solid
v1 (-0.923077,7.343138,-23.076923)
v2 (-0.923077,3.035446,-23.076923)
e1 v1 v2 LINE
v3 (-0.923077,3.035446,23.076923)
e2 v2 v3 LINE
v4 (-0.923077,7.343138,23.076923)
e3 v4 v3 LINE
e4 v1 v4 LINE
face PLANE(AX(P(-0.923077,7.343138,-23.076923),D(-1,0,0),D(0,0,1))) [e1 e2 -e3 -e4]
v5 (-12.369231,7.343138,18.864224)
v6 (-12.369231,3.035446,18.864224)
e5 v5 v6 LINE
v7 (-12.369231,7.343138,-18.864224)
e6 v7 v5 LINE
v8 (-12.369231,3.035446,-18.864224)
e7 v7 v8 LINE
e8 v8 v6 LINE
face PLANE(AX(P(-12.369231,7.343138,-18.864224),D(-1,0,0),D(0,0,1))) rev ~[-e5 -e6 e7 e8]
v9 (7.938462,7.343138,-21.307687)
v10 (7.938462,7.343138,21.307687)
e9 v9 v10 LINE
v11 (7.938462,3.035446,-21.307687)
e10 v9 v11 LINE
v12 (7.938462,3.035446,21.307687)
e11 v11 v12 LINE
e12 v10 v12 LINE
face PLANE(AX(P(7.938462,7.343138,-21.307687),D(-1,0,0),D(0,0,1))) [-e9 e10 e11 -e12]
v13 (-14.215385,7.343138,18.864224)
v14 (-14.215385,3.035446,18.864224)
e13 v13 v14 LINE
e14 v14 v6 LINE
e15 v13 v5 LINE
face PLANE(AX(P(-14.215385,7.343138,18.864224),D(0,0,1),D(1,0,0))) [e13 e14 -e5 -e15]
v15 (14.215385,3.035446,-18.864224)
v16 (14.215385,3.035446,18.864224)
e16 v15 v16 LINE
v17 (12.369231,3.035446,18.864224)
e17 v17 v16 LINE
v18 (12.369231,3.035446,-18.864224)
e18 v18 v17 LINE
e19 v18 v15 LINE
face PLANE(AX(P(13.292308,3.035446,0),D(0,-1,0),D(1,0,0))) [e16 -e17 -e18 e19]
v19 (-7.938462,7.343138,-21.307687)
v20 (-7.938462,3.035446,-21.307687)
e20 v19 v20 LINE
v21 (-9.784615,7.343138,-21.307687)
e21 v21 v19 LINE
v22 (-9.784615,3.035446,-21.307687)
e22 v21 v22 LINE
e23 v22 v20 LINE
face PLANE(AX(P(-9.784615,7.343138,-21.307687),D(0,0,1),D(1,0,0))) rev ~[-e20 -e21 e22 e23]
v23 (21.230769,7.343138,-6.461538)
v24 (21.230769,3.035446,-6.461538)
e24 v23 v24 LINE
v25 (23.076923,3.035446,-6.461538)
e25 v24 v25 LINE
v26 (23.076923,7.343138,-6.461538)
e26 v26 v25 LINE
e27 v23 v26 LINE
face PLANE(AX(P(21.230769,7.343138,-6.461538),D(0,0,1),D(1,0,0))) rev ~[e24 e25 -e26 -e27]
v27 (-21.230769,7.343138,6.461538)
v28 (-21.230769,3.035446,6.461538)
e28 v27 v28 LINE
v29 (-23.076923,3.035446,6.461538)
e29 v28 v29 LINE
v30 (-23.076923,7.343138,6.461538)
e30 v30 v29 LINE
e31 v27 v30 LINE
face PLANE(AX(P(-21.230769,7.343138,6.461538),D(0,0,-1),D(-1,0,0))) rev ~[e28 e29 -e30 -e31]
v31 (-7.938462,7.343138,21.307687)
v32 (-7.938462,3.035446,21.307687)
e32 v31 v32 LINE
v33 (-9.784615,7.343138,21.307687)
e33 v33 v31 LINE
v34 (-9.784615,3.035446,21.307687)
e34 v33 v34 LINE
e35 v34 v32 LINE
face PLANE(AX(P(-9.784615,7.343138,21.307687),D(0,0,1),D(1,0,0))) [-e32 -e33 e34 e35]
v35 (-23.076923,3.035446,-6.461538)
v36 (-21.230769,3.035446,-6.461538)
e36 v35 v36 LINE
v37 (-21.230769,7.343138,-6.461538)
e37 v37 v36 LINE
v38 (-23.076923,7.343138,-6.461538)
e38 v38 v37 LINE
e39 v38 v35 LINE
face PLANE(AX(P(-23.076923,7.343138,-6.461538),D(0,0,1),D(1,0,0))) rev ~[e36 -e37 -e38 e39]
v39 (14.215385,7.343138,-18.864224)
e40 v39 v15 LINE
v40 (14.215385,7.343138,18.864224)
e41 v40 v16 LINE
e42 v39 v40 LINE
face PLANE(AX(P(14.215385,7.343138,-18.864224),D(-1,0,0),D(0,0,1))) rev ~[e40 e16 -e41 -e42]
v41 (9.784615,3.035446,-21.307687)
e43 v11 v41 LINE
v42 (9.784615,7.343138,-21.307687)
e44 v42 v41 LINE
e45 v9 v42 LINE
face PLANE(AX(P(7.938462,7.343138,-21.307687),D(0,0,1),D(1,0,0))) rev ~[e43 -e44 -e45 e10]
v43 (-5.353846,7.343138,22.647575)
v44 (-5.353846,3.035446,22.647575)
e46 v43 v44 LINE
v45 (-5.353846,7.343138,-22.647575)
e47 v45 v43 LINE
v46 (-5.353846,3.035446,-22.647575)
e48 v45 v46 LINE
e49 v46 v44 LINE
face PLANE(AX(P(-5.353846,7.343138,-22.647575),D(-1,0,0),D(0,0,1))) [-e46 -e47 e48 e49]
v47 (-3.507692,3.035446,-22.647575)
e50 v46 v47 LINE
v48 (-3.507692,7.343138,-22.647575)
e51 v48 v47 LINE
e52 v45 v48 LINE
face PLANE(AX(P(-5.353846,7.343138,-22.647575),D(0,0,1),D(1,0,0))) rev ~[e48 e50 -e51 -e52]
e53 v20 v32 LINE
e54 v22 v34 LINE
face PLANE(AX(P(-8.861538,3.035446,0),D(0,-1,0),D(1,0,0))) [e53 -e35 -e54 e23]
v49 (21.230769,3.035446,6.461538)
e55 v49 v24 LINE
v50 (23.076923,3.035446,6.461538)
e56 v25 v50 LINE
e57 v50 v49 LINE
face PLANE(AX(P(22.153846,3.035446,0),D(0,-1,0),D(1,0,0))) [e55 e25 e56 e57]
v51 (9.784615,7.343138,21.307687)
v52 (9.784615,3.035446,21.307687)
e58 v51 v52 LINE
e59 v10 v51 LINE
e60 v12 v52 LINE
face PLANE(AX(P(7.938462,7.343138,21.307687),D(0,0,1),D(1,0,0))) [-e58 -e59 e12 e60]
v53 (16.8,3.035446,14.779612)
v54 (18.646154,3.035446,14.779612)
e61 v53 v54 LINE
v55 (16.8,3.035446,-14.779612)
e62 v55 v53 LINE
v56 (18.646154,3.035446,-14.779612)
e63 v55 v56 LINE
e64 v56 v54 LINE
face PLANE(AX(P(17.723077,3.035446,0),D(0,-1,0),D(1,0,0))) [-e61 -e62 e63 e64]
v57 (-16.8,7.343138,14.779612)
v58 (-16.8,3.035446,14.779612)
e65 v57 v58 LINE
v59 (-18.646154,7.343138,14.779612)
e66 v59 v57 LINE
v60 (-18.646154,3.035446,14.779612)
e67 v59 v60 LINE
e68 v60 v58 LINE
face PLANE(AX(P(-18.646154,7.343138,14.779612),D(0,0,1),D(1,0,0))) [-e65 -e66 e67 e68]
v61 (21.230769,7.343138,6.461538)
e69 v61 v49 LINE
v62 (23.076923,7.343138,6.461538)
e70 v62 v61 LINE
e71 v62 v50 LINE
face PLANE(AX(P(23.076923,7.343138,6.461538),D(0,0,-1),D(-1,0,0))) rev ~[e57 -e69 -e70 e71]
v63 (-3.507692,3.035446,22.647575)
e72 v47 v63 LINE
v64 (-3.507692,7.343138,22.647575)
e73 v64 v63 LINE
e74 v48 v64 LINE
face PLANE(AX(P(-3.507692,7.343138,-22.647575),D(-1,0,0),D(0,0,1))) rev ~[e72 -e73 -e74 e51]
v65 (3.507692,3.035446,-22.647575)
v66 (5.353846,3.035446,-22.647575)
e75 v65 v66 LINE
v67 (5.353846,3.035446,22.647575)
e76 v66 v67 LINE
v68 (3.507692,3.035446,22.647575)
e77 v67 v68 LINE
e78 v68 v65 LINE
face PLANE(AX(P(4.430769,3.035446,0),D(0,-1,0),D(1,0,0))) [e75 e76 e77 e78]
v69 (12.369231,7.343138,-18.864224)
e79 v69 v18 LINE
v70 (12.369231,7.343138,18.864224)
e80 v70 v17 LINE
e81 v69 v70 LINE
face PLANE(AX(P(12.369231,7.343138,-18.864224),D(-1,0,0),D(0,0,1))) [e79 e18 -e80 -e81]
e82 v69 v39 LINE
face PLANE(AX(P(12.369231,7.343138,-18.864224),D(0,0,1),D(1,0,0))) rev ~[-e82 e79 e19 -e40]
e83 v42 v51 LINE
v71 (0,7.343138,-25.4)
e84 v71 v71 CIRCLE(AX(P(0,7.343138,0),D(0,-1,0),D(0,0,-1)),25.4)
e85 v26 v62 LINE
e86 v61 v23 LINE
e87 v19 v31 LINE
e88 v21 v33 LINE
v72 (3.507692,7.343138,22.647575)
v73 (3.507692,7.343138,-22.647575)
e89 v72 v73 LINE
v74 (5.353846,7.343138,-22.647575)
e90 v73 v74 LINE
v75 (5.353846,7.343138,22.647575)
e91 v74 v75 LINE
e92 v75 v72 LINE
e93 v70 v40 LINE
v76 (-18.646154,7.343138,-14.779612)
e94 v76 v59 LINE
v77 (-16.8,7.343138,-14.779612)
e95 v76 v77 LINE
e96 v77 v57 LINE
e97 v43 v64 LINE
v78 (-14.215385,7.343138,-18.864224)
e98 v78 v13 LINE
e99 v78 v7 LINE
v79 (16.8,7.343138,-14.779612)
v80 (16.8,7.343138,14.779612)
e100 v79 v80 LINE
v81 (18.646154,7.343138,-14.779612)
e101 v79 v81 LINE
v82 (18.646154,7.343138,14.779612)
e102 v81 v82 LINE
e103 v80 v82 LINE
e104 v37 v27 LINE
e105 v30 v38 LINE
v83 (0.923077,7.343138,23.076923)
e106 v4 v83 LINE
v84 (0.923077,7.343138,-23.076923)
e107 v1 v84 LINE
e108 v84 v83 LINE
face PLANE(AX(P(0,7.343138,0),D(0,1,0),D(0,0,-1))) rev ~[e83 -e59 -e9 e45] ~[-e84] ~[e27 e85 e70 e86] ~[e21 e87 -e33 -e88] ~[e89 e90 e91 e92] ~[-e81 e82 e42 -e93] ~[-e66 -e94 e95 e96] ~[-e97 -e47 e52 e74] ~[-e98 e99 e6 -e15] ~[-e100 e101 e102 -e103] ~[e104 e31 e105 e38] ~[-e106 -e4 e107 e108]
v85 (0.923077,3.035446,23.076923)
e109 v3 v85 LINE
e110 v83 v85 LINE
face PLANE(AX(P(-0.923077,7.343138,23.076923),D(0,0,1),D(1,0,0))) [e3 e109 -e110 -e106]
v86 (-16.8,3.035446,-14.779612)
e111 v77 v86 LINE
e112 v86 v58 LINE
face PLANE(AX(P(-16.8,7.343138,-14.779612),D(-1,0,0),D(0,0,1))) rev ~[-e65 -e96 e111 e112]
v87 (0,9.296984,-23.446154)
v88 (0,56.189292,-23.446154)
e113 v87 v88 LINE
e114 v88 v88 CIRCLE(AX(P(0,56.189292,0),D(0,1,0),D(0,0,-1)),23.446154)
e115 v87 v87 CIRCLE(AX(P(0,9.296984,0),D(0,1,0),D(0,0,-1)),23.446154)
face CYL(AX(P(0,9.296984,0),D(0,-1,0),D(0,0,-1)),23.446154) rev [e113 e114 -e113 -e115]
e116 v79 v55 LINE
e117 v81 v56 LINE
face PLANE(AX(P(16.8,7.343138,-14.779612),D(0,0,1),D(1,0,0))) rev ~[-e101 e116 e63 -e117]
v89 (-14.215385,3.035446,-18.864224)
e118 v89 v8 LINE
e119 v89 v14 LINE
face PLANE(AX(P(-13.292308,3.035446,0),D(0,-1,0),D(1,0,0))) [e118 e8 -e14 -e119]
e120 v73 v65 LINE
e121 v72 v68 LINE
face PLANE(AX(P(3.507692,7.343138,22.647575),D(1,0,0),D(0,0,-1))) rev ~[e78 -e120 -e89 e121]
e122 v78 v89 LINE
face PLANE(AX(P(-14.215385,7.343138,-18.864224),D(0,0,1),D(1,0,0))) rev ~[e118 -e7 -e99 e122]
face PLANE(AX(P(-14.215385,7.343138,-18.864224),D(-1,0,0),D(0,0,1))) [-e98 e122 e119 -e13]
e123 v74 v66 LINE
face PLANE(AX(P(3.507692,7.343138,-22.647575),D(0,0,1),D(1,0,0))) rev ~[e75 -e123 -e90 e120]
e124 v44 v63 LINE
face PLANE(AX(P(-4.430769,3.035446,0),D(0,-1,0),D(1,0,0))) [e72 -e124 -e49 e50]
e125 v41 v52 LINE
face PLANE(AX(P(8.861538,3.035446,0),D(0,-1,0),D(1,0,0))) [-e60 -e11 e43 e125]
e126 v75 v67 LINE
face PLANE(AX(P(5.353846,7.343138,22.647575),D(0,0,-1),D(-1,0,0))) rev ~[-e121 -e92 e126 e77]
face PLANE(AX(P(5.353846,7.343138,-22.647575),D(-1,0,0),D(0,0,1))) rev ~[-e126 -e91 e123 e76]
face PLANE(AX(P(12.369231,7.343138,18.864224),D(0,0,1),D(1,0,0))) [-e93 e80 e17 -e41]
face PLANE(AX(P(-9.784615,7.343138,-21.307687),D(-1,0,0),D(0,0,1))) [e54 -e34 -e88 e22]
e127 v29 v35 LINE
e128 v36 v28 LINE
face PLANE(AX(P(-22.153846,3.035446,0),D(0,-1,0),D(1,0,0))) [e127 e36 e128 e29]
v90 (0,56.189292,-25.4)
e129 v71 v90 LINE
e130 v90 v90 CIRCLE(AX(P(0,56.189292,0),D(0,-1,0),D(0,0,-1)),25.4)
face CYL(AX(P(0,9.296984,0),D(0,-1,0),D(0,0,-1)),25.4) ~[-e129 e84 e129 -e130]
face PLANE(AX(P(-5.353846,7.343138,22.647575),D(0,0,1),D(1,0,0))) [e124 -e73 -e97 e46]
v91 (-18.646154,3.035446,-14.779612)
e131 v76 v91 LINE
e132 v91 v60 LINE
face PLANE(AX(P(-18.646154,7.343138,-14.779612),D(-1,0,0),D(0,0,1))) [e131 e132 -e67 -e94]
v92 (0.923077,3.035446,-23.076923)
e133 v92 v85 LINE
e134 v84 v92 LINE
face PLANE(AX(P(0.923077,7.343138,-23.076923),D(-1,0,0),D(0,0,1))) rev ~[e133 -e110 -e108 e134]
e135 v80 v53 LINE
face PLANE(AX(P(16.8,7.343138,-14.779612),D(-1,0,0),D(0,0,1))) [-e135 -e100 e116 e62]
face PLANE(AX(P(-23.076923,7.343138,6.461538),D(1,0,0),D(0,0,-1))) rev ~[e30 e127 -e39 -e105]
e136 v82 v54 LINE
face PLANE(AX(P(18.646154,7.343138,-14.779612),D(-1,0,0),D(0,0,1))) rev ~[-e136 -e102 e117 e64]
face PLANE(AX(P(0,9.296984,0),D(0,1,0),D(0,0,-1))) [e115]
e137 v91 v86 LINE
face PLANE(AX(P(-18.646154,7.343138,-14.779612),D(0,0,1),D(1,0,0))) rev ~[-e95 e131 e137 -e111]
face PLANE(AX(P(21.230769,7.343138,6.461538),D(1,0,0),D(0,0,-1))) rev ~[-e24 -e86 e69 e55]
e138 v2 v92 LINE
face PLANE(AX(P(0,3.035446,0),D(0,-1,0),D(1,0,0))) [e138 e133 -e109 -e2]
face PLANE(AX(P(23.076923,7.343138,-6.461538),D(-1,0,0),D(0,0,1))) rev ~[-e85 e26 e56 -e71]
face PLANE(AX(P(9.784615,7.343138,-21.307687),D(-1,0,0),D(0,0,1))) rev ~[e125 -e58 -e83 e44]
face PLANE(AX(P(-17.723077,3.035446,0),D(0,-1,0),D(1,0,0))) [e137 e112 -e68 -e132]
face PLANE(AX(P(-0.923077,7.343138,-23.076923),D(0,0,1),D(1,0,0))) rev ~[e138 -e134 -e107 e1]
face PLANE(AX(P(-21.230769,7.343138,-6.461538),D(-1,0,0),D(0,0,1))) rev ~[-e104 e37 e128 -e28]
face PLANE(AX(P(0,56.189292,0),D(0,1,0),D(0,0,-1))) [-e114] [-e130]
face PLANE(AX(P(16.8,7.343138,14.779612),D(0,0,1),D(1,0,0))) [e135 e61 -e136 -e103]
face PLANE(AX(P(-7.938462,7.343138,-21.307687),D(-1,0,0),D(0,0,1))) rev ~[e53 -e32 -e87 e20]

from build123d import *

# Parameters (mm, degrees)
SKETCH1_R           = 38.1
BOSS_EXTRUDE1_DEPTH = 76.2
SHELL2_T            = 3.175
SKETCH2_W           = 3
SKETCH2_H           = 75
SKETCH2_H_2         = 48.033738144
SKETCH2_H_3         = 61.308726948
SKETCH2_H_4         = 69.24998195
SKETCH2_H_5         = 73.60461942
BOSS_EXTRUDE2_DEPTH = 7
SCALE1_SCALE        = 0.615384615


with BuildPart() as part:
    # Sketch1 → Boss-Extrude1 (new body)
    with BuildSketch(Plane(origin=(0, 0, 0), x_dir=(1, 0, 0), z_dir=(0, 1, 0))):
        with Locations(Location((0, 0, 0), (0, 0, 90))):
            Circle(SKETCH1_R)
    extrude(amount=BOSS_EXTRUDE1_DEPTH)

    # Shell2
    shell2_openings = [part.faces().sort_by_distance(p)[0] for p in [
        (0, 76.2, 0),
    ]]
    offset(amount=SHELL2_T, openings=shell2_openings, kind=Kind.INTERSECTION)

    # Sketch2 → Boss-Extrude2 (add)
    with BuildSketch(Plane.XZ.offset(3.175)):
        Rectangle(SKETCH2_W, SKETCH2_H)
        Polygon((-34.5, -10.5), (-34.5, 0), (-34.5, 10.5), (-37.5, 10.5), (-37.5, -10.5), align=None)
        with Locations((-28.8, 0)):
            Rectangle(SKETCH2_W, SKETCH2_H_2)
        with Locations((-21.6, 0)):
            Rectangle(SKETCH2_W, SKETCH2_H_3)
        with Locations((-14.4, 0)):
            Rectangle(SKETCH2_W, SKETCH2_H_4)
        with Locations((-7.2, 0)):
            Rectangle(SKETCH2_W, SKETCH2_H_5)
        Polygon((8.7, -36.80230971), (8.7, 0), (8.7, 36.80230971), (5.7, 36.80230971), (5.7, -36.80230971), align=None)
        with Locations((14.4, 0)):
            Rectangle(SKETCH2_W, SKETCH2_H_4)
        with Locations((21.6, 0)):
            Rectangle(SKETCH2_W, SKETCH2_H_3)
        with Locations((28.8, 0)):
            Rectangle(SKETCH2_W, SKETCH2_H_2)
        Polygon((37.5, -10.5), (37.5, 10.5), (34.5, 10.5), (34.5, 0), (34.5, -10.5), align=None)
    extrude(amount=BOSS_EXTRUDE2_DEPTH)


with BuildPart() as part_1:
    # Scale1: scaled about (0, 24.172158943, 0)
    add(part.part.scale(SCALE1_SCALE).moved(Location((0, 9.296984209, 0))))


solid = part_1.part
